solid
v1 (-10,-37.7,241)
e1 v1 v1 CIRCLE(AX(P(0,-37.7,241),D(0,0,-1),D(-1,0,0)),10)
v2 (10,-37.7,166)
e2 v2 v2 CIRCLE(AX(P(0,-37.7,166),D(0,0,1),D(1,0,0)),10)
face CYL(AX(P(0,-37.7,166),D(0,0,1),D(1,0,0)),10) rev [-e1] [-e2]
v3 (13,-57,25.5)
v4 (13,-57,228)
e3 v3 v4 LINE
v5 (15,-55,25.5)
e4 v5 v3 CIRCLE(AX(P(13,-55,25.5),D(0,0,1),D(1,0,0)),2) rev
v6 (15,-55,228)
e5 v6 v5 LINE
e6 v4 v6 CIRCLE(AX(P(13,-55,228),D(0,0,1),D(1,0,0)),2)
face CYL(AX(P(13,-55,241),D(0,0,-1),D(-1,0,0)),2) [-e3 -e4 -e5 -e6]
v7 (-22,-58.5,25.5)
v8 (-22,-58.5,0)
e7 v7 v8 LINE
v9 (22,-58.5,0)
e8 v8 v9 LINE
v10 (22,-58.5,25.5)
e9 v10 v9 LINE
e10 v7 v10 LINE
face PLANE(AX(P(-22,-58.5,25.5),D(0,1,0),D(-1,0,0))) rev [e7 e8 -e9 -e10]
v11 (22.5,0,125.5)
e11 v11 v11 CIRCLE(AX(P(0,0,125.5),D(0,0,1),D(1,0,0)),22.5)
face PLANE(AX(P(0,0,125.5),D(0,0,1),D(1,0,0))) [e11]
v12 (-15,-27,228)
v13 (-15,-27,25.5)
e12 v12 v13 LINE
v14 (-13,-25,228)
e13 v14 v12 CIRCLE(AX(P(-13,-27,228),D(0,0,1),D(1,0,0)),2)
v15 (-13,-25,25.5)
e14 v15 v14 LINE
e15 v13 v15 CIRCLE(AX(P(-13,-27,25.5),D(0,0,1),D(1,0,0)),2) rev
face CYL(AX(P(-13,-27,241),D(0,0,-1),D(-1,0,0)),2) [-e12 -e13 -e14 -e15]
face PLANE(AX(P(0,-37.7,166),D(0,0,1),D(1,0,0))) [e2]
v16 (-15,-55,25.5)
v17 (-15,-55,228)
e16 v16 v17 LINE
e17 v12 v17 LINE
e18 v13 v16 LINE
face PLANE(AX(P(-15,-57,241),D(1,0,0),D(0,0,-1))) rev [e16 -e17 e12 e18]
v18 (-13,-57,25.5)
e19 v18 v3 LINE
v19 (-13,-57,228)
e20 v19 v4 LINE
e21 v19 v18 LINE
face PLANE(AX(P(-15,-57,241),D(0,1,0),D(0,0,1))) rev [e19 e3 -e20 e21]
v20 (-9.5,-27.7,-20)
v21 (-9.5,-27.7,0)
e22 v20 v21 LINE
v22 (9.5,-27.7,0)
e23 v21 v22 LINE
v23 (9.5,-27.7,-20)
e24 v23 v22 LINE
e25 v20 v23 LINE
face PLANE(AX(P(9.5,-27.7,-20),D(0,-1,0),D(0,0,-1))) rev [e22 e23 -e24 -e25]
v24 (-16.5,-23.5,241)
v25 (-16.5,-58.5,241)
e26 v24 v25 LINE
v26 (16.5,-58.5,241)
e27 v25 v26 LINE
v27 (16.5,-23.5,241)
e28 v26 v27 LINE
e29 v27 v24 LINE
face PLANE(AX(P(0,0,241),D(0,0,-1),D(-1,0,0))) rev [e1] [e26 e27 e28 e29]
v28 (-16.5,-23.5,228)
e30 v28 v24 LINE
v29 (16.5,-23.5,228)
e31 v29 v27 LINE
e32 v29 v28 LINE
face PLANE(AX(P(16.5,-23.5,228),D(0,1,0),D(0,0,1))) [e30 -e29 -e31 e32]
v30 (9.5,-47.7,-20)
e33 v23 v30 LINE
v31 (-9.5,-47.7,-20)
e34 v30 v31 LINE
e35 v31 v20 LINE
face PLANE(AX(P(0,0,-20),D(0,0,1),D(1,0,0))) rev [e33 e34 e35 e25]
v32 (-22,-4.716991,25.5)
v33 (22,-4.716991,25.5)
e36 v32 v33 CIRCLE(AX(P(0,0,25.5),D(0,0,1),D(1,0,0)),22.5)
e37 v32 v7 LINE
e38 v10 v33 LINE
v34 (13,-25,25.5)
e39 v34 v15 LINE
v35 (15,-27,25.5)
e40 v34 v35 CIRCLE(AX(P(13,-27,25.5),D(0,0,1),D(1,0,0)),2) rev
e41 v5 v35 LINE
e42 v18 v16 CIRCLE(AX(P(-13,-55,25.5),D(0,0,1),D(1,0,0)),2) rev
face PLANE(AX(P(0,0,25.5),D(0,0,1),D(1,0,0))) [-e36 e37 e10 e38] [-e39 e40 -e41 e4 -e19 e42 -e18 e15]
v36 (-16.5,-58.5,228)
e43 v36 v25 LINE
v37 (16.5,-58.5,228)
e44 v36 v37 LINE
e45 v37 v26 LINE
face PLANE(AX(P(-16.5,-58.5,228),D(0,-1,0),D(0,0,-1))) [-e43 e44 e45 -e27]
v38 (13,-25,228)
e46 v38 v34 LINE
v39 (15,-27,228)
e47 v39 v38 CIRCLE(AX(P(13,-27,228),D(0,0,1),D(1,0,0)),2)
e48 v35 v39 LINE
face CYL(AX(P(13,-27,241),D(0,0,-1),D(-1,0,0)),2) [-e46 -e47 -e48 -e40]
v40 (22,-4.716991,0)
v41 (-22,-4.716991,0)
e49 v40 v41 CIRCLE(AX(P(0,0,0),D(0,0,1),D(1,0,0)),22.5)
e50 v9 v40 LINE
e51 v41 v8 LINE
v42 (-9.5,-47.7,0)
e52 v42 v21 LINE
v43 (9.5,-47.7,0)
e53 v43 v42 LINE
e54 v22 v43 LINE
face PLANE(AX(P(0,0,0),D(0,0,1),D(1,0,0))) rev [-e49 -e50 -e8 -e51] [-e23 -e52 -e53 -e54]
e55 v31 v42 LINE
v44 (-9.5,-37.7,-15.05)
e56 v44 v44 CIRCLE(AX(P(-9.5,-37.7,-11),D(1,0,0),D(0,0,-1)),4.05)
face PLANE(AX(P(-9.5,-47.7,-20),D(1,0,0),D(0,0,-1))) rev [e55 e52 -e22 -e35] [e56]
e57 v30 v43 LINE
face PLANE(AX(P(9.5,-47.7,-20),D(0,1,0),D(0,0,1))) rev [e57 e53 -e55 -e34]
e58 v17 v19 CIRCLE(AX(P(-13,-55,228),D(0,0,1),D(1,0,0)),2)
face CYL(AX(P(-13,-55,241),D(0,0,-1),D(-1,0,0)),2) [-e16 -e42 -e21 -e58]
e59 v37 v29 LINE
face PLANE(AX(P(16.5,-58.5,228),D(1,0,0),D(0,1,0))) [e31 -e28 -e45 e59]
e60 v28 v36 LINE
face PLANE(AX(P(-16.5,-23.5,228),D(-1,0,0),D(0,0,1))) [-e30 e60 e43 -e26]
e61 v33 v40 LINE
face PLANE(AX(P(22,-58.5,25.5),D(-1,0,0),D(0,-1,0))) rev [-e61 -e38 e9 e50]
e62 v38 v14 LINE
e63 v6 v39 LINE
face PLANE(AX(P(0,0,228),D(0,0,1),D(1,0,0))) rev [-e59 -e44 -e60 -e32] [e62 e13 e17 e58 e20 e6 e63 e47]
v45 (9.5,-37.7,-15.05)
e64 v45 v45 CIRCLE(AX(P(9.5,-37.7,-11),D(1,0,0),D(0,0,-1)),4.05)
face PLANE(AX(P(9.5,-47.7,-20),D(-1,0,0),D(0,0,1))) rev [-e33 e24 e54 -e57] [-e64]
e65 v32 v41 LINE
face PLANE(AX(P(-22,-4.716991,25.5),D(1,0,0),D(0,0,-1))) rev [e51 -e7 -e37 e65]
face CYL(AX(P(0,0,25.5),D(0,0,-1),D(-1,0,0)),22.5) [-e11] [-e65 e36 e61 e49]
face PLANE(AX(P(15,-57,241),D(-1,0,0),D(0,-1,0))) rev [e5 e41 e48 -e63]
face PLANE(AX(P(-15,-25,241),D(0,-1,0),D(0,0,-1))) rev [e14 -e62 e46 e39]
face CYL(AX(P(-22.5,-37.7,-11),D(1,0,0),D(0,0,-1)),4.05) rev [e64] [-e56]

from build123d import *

# Parameters (mm, degrees)
BOSS_EXTRUDE1_DEPTH     = 25.5
SKETCH2_R               = 22.5
BOSS_EXTRUDE2_DEPTH     = 100
SKETCH3_W               = 30
SKETCH3_H               = 32
BOSS_EXTRUDE3_DEPTH     = 215.5
SKETCH4_W               = 19
SKETCH4_H               = 20
BOSS_EXTRUDE4_DEPTH     = 20
SKETCH5_R               = 4.05
CUT_EXTRUDE1_DEPTH      = 251.054494061
SKETCH6_R               = 10
BOSS_EXTRUDE5_DEPTH     = 25
SKETCH7_W               = 33
SKETCH7_H               = 35
BOSS_EXTRUDE6_DEPTH     = 13
CUT_EXTRUDE2_DEPTH      = 274.284650136
CUT_EXTRUDE2_DEPTH_BACK = 274.284650136
SKETCH8_R               = 4.05
FILLET1_R               = 2
CUT_EXTRUDE3_START      = -100
SKETCH9_R               = 10
CUT_EXTRUDE3_DEPTH      = 100


with BuildPart() as part:
    # Sketch1 → Boss-Extrude1 (new body)
    with BuildSketch(Plane.XY):
        with BuildLine():
            Line((-22, -4.716990566), (-22, -58.5))
            Line((-22, -58.5), (22, -58.5))
            Line((22, -58.5), (22, -4.716990566))
            ThreePointArc((22, -4.716990566), (0, 22.5), (-22, -4.716990566))
        make_face()
    extrude(amount=BOSS_EXTRUDE1_DEPTH)

    # Sketch2 → Boss-Extrude2 (add)
    with BuildSketch(Plane.XY.offset(25.5)):
        with Locations(Location((0, 0, 0), (0, 0, 192.101492032))):
            Circle(SKETCH2_R)
    extrude(amount=BOSS_EXTRUDE2_DEPTH)

    # Sketch3 → Boss-Extrude3 (add)
    with BuildSketch(Plane.XY.offset(25.5)):
        with Locations((0, -41)):
            Rectangle(SKETCH3_W, SKETCH3_H)
    extrude(amount=BOSS_EXTRUDE3_DEPTH)

    # Sketch4 → Boss-Extrude4 (add)
    with BuildSketch(Plane(origin=(0, 0, 0), x_dir=(-1, 0, 0), z_dir=(0, 0, -1))):
        with Locations((0, -37.7)):
            Rectangle(SKETCH4_W, SKETCH4_H)
    extrude(amount=BOSS_EXTRUDE4_DEPTH)

    # Sketch5 → Cut-Extrude1 (cut, through all)
    with BuildSketch(Plane(origin=(9.5, 0, 0), x_dir=(0, 0, -1), z_dir=(1, 0, 0))):
        with Locations((11, -37.7)):
            Circle(SKETCH5_R)
    extrude(amount=-CUT_EXTRUDE1_DEPTH, mode=Mode.SUBTRACT)

    # Sketch6 → Boss-Extrude5 (add)
    with BuildSketch(Plane.XY.offset(241)):
        with Locations((0, -37.7)):
            Circle(SKETCH6_R)
    extrude(amount=BOSS_EXTRUDE5_DEPTH)

    # Sketch7 → Boss-Extrude6 (add)
    with BuildSketch(Plane.XY.offset(241)):
        with Locations((0, -41)):
            Rectangle(SKETCH7_W, SKETCH7_H)
    extrude(amount=-BOSS_EXTRUDE6_DEPTH)

    # Sketch8 → Cut-Extrude2 (cut, two sides: drawn at the far end of the back side and taken through both)
    with BuildSketch(Plane(origin=(0, 0, 0), x_dir=(0, 0, -1), z_dir=(1, 0, 0)).offset(-CUT_EXTRUDE2_DEPTH_BACK)):
        with Locations(Location((-256, -37.7, 0), (0, 0, 179.999999993))):
            Circle(SKETCH8_R)
    extrude(amount=CUT_EXTRUDE2_DEPTH + CUT_EXTRUDE2_DEPTH_BACK, mode=Mode.SUBTRACT)

    # Fillet1
    fillet1_edges = [part.edges().sort_by_distance(p)[0] for p in [
        (15, -57, 126.75),
        (-15, -57, 126.75),
        (-15, -25, 126.75),
        (15, -25, 126.75),
    ]]
    fillet(fillet1_edges, radius=FILLET1_R)

    # Sketch9 → Cut-Extrude3 (cut)
    with BuildSketch(Plane.XY.offset(266).offset(CUT_EXTRUDE3_START)):
        with Locations((0, -37.7)):
            Circle(SKETCH9_R)
    extrude(amount=CUT_EXTRUDE3_DEPTH, mode=Mode.SUBTRACT)


solid = part.part
